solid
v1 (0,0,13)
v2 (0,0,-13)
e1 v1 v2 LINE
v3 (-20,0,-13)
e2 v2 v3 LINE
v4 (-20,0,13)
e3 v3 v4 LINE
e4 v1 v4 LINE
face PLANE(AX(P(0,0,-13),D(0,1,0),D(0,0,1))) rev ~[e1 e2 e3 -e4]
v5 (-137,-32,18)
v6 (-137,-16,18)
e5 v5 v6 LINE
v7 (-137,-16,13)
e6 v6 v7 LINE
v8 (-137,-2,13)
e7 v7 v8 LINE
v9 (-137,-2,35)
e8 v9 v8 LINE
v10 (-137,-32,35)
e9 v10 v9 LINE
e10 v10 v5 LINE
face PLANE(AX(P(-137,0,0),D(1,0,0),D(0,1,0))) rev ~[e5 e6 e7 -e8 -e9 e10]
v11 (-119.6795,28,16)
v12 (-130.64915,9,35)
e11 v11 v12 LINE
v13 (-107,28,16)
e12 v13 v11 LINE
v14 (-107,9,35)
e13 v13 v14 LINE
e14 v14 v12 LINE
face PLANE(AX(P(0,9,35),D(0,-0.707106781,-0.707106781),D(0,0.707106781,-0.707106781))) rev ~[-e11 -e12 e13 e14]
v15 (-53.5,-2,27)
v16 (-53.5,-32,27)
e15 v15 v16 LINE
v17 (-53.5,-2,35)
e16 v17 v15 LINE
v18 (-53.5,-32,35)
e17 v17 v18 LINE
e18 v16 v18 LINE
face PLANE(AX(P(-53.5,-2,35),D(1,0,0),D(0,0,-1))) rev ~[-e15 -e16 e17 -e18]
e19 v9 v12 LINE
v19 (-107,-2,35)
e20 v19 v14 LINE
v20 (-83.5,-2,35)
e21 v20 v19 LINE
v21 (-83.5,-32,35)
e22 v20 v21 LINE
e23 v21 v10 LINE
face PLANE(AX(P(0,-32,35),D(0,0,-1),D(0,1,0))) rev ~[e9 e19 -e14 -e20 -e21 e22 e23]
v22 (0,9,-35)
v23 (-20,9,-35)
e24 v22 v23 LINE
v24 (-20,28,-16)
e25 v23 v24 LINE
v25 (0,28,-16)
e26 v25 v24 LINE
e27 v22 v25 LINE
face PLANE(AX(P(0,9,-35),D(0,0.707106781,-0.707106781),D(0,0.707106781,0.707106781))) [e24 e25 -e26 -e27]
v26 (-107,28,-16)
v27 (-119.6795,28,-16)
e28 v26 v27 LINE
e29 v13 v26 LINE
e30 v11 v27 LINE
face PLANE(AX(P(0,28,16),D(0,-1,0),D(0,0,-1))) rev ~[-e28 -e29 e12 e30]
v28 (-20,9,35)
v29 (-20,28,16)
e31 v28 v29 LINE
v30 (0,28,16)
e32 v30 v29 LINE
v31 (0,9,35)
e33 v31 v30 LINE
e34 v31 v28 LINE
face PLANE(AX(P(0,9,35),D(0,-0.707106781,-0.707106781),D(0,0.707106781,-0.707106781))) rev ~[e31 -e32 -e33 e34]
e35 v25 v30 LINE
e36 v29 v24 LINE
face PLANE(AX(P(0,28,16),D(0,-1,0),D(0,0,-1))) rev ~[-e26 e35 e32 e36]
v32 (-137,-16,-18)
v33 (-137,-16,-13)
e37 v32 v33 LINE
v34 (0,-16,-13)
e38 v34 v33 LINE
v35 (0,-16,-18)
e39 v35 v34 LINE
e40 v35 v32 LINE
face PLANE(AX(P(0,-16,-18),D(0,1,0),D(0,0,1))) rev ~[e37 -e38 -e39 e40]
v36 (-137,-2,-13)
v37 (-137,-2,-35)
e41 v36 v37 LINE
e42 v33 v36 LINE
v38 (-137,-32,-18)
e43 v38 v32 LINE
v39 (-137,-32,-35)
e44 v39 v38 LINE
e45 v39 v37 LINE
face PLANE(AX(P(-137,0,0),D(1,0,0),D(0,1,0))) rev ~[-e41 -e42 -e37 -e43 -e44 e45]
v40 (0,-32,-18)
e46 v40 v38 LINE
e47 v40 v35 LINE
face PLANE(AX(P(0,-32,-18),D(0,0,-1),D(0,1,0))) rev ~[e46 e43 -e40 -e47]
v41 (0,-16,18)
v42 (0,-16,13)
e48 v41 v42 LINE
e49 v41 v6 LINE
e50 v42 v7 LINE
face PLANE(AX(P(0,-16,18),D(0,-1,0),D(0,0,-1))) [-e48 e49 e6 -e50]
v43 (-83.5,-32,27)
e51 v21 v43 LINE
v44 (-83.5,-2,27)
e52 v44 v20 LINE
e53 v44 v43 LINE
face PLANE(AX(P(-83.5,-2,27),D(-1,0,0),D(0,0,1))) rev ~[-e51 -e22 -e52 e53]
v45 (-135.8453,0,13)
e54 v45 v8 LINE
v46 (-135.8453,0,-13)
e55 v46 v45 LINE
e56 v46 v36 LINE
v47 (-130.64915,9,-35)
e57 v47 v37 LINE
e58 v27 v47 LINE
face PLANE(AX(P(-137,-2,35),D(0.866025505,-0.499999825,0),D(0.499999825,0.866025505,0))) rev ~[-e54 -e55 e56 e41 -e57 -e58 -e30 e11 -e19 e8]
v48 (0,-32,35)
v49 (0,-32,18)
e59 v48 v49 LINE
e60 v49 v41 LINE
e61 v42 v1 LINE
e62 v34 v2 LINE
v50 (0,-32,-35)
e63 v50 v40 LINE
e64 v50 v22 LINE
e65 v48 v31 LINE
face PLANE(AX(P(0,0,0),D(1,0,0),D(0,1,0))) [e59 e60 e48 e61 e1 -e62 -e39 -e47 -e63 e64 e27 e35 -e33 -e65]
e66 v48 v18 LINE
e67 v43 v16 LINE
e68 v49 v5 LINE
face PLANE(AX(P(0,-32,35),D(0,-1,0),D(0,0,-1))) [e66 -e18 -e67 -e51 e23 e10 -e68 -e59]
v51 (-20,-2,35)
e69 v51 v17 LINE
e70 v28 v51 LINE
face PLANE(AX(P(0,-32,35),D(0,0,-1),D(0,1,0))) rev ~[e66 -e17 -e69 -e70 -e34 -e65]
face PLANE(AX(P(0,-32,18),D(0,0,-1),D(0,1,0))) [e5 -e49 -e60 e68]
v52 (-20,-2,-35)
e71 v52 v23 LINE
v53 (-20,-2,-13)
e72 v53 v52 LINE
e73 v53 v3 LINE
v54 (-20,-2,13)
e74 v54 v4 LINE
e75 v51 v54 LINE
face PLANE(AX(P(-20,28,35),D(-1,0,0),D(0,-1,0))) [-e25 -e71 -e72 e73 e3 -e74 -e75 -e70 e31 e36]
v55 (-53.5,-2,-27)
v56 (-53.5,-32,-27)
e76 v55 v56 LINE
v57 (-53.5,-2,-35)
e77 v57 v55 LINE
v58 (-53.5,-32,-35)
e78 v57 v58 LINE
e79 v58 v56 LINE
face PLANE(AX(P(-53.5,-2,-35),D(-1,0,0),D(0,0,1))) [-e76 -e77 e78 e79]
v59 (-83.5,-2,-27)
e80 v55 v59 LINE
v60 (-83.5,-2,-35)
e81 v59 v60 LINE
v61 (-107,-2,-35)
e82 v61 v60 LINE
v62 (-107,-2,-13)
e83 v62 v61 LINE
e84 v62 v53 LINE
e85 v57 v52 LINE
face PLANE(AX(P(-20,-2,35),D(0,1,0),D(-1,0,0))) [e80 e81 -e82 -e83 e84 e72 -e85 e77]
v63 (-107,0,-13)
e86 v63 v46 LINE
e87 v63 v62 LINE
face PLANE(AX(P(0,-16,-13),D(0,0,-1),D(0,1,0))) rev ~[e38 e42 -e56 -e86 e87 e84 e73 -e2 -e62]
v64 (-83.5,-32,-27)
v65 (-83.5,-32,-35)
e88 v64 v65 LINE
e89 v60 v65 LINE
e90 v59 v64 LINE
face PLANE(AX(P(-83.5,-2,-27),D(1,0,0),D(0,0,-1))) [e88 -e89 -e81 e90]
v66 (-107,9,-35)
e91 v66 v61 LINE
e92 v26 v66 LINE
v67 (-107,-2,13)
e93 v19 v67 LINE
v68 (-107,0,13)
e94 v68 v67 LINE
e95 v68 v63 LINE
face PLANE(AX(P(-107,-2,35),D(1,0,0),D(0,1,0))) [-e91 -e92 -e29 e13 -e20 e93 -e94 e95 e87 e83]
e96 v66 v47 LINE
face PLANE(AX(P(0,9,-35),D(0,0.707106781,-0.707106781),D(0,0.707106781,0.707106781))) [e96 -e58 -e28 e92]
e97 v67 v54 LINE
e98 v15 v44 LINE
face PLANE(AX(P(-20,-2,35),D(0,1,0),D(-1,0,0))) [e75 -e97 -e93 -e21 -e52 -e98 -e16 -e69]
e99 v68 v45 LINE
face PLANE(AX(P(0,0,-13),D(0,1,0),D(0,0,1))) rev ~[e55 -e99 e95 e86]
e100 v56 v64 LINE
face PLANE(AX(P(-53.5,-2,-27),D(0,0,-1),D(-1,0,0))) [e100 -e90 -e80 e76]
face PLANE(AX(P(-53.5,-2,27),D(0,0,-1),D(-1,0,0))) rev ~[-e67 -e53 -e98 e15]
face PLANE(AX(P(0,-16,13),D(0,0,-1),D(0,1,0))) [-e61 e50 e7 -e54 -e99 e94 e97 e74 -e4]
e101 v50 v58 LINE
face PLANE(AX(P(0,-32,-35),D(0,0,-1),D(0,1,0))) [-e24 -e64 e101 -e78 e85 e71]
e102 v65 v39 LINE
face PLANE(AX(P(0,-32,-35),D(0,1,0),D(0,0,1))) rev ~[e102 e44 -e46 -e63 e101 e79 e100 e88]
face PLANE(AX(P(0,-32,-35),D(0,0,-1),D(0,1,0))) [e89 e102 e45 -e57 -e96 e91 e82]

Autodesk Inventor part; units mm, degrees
ref_plane "YZ Plane" through (0, 0, 0) normal (1, 0, 0) x (0, 1, 0)
ref_plane "XZ Plane" through (0, 0, 0) normal (0, 1, 0) x (-1, 0, 0)
ref_plane "XY Plane" through (0, 0, 0) normal (0, 0, 1) x (1, 0, 0)
sketch "草圖1" plane through (0, 0, 0) normal (1, 0, 0) x (0, 1, 0)
  line L0 (-32, 35) -> (9, 35)
  line L1 (9, 35) -> (28, 16)
  line L2 (28, 16) -> (28, 0)
  line L3 (-32, 35) -> (-32, 18)
  line L4 (-32, 18) -> (-16, 18)
  line L5 (-16, 18) -> (-16, 13)
  line L6 (-16, 13) -> (0, 13)
  line L7 (0, 13) -> (0, 6.0328)
  line L8 (28, 0) -> (52.708, 0)
  line L9 (-32, -35) -> (9, -35)
  line L10 (9, -35) -> (28, -16)
  line L11 (28, -16) -> (28, 0)
  line L12 (-32, -35) -> (-32, -18)
  line L13 (-32, -18) -> (-16, -18)
  line L14 (-16, -18) -> (-16, -13)
  line L15 (-16, -13) -> (0, -13)
  line L16 (0, -13) -> (0, 6.0328)
  point P0 (0, 0)
  dimension "d0" = 19
  dimension "d1" = 70
  dimension "d2" = 26
  dimension "d3" = 36
  dimension "d4" = 32
  dimension "d5" = 60
  dimension "d6" = 16
  dimension "d7" = 0
  dimension "d8" = 19
extrude "擠出1" add sketch "草圖1" against normal blind 137
sketch "草圖2" plane through (0, -32, 35) normal (0, 0, 1) x (1, 0, 0)
  line L0 (-137, 0) -> (-137, 41) projected
  line L1 (-137, 30) -> (-119.6795, 60)
  line L2 (0, 60) -> (-137, 60) projected
  line L3 (-137, 60) -> (-137, 30)
  line L4 (-119.6795, 60) -> (-137, 60)
  point P0 (0, 32)
  dimension "d12" = 30
  dimension "d13" = 30
extrude "擠出2" cut sketch "草圖2" against normal blind 137
sketch "草圖3" plane through (0, -32, 35) normal (0, 0, 1) x (1, 0, 0)
  line L0 (0, 60) -> (-119.6795, 60) projected
  line L1 (-107, 60) -> (-20, 60)
  line L2 (-20, 60) -> (-20, 30)
  line L3 (-20, 30) -> (-107, 30)
  line L4 (-107, 30) -> (-107, 60)
  line L5 (-137, 0) -> (-137, 30) projected
  point P0 (0, 32)
  dimension "d16" = 30
  dimension "d17" = 30
  dimension "d18" = 87
extrude "擠出3" cut sketch "草圖3" against normal blind 137
sketch "草圖4" plane through (-107, -2, 35) normal (0, 1, 0) x (1, 0, 0)
  line L0 (87, 0) -> (0, 0) projected
  line L1 (23.5, 0) -> (53.5, 0)
  line L2 (53.5, 0) -> (53.5, 8)
  line L3 (53.5, 8) -> (23.5, 8)
  line L4 (23.5, 8) -> (23.5, 0)
  line L5 (107, 70) -> (-30, 70) projected
  line L6 (23.5, 70) -> (53.5, 70)
  line L7 (53.5, 70) -> (53.5, 62)
  line L8 (53.5, 62) -> (23.5, 62)
  line L9 (23.5, 62) -> (23.5, 70)
  line L10 (-30, 0) -> (-30, 22) projected
  line L11 (-30, 48) -> (-30, 70) projected
  point P0 (107, 35)
  dimension "d21" = 53.5
  dimension "d22" = 53.5
  dimension "d23" = 30
  dimension "d24" = 30
  dimension "d25" = 8
  dimension "d26" = 8
extrude "擠出4" cut sketch "草圖4" against normal blind 137
properties part number "410571040-2"
